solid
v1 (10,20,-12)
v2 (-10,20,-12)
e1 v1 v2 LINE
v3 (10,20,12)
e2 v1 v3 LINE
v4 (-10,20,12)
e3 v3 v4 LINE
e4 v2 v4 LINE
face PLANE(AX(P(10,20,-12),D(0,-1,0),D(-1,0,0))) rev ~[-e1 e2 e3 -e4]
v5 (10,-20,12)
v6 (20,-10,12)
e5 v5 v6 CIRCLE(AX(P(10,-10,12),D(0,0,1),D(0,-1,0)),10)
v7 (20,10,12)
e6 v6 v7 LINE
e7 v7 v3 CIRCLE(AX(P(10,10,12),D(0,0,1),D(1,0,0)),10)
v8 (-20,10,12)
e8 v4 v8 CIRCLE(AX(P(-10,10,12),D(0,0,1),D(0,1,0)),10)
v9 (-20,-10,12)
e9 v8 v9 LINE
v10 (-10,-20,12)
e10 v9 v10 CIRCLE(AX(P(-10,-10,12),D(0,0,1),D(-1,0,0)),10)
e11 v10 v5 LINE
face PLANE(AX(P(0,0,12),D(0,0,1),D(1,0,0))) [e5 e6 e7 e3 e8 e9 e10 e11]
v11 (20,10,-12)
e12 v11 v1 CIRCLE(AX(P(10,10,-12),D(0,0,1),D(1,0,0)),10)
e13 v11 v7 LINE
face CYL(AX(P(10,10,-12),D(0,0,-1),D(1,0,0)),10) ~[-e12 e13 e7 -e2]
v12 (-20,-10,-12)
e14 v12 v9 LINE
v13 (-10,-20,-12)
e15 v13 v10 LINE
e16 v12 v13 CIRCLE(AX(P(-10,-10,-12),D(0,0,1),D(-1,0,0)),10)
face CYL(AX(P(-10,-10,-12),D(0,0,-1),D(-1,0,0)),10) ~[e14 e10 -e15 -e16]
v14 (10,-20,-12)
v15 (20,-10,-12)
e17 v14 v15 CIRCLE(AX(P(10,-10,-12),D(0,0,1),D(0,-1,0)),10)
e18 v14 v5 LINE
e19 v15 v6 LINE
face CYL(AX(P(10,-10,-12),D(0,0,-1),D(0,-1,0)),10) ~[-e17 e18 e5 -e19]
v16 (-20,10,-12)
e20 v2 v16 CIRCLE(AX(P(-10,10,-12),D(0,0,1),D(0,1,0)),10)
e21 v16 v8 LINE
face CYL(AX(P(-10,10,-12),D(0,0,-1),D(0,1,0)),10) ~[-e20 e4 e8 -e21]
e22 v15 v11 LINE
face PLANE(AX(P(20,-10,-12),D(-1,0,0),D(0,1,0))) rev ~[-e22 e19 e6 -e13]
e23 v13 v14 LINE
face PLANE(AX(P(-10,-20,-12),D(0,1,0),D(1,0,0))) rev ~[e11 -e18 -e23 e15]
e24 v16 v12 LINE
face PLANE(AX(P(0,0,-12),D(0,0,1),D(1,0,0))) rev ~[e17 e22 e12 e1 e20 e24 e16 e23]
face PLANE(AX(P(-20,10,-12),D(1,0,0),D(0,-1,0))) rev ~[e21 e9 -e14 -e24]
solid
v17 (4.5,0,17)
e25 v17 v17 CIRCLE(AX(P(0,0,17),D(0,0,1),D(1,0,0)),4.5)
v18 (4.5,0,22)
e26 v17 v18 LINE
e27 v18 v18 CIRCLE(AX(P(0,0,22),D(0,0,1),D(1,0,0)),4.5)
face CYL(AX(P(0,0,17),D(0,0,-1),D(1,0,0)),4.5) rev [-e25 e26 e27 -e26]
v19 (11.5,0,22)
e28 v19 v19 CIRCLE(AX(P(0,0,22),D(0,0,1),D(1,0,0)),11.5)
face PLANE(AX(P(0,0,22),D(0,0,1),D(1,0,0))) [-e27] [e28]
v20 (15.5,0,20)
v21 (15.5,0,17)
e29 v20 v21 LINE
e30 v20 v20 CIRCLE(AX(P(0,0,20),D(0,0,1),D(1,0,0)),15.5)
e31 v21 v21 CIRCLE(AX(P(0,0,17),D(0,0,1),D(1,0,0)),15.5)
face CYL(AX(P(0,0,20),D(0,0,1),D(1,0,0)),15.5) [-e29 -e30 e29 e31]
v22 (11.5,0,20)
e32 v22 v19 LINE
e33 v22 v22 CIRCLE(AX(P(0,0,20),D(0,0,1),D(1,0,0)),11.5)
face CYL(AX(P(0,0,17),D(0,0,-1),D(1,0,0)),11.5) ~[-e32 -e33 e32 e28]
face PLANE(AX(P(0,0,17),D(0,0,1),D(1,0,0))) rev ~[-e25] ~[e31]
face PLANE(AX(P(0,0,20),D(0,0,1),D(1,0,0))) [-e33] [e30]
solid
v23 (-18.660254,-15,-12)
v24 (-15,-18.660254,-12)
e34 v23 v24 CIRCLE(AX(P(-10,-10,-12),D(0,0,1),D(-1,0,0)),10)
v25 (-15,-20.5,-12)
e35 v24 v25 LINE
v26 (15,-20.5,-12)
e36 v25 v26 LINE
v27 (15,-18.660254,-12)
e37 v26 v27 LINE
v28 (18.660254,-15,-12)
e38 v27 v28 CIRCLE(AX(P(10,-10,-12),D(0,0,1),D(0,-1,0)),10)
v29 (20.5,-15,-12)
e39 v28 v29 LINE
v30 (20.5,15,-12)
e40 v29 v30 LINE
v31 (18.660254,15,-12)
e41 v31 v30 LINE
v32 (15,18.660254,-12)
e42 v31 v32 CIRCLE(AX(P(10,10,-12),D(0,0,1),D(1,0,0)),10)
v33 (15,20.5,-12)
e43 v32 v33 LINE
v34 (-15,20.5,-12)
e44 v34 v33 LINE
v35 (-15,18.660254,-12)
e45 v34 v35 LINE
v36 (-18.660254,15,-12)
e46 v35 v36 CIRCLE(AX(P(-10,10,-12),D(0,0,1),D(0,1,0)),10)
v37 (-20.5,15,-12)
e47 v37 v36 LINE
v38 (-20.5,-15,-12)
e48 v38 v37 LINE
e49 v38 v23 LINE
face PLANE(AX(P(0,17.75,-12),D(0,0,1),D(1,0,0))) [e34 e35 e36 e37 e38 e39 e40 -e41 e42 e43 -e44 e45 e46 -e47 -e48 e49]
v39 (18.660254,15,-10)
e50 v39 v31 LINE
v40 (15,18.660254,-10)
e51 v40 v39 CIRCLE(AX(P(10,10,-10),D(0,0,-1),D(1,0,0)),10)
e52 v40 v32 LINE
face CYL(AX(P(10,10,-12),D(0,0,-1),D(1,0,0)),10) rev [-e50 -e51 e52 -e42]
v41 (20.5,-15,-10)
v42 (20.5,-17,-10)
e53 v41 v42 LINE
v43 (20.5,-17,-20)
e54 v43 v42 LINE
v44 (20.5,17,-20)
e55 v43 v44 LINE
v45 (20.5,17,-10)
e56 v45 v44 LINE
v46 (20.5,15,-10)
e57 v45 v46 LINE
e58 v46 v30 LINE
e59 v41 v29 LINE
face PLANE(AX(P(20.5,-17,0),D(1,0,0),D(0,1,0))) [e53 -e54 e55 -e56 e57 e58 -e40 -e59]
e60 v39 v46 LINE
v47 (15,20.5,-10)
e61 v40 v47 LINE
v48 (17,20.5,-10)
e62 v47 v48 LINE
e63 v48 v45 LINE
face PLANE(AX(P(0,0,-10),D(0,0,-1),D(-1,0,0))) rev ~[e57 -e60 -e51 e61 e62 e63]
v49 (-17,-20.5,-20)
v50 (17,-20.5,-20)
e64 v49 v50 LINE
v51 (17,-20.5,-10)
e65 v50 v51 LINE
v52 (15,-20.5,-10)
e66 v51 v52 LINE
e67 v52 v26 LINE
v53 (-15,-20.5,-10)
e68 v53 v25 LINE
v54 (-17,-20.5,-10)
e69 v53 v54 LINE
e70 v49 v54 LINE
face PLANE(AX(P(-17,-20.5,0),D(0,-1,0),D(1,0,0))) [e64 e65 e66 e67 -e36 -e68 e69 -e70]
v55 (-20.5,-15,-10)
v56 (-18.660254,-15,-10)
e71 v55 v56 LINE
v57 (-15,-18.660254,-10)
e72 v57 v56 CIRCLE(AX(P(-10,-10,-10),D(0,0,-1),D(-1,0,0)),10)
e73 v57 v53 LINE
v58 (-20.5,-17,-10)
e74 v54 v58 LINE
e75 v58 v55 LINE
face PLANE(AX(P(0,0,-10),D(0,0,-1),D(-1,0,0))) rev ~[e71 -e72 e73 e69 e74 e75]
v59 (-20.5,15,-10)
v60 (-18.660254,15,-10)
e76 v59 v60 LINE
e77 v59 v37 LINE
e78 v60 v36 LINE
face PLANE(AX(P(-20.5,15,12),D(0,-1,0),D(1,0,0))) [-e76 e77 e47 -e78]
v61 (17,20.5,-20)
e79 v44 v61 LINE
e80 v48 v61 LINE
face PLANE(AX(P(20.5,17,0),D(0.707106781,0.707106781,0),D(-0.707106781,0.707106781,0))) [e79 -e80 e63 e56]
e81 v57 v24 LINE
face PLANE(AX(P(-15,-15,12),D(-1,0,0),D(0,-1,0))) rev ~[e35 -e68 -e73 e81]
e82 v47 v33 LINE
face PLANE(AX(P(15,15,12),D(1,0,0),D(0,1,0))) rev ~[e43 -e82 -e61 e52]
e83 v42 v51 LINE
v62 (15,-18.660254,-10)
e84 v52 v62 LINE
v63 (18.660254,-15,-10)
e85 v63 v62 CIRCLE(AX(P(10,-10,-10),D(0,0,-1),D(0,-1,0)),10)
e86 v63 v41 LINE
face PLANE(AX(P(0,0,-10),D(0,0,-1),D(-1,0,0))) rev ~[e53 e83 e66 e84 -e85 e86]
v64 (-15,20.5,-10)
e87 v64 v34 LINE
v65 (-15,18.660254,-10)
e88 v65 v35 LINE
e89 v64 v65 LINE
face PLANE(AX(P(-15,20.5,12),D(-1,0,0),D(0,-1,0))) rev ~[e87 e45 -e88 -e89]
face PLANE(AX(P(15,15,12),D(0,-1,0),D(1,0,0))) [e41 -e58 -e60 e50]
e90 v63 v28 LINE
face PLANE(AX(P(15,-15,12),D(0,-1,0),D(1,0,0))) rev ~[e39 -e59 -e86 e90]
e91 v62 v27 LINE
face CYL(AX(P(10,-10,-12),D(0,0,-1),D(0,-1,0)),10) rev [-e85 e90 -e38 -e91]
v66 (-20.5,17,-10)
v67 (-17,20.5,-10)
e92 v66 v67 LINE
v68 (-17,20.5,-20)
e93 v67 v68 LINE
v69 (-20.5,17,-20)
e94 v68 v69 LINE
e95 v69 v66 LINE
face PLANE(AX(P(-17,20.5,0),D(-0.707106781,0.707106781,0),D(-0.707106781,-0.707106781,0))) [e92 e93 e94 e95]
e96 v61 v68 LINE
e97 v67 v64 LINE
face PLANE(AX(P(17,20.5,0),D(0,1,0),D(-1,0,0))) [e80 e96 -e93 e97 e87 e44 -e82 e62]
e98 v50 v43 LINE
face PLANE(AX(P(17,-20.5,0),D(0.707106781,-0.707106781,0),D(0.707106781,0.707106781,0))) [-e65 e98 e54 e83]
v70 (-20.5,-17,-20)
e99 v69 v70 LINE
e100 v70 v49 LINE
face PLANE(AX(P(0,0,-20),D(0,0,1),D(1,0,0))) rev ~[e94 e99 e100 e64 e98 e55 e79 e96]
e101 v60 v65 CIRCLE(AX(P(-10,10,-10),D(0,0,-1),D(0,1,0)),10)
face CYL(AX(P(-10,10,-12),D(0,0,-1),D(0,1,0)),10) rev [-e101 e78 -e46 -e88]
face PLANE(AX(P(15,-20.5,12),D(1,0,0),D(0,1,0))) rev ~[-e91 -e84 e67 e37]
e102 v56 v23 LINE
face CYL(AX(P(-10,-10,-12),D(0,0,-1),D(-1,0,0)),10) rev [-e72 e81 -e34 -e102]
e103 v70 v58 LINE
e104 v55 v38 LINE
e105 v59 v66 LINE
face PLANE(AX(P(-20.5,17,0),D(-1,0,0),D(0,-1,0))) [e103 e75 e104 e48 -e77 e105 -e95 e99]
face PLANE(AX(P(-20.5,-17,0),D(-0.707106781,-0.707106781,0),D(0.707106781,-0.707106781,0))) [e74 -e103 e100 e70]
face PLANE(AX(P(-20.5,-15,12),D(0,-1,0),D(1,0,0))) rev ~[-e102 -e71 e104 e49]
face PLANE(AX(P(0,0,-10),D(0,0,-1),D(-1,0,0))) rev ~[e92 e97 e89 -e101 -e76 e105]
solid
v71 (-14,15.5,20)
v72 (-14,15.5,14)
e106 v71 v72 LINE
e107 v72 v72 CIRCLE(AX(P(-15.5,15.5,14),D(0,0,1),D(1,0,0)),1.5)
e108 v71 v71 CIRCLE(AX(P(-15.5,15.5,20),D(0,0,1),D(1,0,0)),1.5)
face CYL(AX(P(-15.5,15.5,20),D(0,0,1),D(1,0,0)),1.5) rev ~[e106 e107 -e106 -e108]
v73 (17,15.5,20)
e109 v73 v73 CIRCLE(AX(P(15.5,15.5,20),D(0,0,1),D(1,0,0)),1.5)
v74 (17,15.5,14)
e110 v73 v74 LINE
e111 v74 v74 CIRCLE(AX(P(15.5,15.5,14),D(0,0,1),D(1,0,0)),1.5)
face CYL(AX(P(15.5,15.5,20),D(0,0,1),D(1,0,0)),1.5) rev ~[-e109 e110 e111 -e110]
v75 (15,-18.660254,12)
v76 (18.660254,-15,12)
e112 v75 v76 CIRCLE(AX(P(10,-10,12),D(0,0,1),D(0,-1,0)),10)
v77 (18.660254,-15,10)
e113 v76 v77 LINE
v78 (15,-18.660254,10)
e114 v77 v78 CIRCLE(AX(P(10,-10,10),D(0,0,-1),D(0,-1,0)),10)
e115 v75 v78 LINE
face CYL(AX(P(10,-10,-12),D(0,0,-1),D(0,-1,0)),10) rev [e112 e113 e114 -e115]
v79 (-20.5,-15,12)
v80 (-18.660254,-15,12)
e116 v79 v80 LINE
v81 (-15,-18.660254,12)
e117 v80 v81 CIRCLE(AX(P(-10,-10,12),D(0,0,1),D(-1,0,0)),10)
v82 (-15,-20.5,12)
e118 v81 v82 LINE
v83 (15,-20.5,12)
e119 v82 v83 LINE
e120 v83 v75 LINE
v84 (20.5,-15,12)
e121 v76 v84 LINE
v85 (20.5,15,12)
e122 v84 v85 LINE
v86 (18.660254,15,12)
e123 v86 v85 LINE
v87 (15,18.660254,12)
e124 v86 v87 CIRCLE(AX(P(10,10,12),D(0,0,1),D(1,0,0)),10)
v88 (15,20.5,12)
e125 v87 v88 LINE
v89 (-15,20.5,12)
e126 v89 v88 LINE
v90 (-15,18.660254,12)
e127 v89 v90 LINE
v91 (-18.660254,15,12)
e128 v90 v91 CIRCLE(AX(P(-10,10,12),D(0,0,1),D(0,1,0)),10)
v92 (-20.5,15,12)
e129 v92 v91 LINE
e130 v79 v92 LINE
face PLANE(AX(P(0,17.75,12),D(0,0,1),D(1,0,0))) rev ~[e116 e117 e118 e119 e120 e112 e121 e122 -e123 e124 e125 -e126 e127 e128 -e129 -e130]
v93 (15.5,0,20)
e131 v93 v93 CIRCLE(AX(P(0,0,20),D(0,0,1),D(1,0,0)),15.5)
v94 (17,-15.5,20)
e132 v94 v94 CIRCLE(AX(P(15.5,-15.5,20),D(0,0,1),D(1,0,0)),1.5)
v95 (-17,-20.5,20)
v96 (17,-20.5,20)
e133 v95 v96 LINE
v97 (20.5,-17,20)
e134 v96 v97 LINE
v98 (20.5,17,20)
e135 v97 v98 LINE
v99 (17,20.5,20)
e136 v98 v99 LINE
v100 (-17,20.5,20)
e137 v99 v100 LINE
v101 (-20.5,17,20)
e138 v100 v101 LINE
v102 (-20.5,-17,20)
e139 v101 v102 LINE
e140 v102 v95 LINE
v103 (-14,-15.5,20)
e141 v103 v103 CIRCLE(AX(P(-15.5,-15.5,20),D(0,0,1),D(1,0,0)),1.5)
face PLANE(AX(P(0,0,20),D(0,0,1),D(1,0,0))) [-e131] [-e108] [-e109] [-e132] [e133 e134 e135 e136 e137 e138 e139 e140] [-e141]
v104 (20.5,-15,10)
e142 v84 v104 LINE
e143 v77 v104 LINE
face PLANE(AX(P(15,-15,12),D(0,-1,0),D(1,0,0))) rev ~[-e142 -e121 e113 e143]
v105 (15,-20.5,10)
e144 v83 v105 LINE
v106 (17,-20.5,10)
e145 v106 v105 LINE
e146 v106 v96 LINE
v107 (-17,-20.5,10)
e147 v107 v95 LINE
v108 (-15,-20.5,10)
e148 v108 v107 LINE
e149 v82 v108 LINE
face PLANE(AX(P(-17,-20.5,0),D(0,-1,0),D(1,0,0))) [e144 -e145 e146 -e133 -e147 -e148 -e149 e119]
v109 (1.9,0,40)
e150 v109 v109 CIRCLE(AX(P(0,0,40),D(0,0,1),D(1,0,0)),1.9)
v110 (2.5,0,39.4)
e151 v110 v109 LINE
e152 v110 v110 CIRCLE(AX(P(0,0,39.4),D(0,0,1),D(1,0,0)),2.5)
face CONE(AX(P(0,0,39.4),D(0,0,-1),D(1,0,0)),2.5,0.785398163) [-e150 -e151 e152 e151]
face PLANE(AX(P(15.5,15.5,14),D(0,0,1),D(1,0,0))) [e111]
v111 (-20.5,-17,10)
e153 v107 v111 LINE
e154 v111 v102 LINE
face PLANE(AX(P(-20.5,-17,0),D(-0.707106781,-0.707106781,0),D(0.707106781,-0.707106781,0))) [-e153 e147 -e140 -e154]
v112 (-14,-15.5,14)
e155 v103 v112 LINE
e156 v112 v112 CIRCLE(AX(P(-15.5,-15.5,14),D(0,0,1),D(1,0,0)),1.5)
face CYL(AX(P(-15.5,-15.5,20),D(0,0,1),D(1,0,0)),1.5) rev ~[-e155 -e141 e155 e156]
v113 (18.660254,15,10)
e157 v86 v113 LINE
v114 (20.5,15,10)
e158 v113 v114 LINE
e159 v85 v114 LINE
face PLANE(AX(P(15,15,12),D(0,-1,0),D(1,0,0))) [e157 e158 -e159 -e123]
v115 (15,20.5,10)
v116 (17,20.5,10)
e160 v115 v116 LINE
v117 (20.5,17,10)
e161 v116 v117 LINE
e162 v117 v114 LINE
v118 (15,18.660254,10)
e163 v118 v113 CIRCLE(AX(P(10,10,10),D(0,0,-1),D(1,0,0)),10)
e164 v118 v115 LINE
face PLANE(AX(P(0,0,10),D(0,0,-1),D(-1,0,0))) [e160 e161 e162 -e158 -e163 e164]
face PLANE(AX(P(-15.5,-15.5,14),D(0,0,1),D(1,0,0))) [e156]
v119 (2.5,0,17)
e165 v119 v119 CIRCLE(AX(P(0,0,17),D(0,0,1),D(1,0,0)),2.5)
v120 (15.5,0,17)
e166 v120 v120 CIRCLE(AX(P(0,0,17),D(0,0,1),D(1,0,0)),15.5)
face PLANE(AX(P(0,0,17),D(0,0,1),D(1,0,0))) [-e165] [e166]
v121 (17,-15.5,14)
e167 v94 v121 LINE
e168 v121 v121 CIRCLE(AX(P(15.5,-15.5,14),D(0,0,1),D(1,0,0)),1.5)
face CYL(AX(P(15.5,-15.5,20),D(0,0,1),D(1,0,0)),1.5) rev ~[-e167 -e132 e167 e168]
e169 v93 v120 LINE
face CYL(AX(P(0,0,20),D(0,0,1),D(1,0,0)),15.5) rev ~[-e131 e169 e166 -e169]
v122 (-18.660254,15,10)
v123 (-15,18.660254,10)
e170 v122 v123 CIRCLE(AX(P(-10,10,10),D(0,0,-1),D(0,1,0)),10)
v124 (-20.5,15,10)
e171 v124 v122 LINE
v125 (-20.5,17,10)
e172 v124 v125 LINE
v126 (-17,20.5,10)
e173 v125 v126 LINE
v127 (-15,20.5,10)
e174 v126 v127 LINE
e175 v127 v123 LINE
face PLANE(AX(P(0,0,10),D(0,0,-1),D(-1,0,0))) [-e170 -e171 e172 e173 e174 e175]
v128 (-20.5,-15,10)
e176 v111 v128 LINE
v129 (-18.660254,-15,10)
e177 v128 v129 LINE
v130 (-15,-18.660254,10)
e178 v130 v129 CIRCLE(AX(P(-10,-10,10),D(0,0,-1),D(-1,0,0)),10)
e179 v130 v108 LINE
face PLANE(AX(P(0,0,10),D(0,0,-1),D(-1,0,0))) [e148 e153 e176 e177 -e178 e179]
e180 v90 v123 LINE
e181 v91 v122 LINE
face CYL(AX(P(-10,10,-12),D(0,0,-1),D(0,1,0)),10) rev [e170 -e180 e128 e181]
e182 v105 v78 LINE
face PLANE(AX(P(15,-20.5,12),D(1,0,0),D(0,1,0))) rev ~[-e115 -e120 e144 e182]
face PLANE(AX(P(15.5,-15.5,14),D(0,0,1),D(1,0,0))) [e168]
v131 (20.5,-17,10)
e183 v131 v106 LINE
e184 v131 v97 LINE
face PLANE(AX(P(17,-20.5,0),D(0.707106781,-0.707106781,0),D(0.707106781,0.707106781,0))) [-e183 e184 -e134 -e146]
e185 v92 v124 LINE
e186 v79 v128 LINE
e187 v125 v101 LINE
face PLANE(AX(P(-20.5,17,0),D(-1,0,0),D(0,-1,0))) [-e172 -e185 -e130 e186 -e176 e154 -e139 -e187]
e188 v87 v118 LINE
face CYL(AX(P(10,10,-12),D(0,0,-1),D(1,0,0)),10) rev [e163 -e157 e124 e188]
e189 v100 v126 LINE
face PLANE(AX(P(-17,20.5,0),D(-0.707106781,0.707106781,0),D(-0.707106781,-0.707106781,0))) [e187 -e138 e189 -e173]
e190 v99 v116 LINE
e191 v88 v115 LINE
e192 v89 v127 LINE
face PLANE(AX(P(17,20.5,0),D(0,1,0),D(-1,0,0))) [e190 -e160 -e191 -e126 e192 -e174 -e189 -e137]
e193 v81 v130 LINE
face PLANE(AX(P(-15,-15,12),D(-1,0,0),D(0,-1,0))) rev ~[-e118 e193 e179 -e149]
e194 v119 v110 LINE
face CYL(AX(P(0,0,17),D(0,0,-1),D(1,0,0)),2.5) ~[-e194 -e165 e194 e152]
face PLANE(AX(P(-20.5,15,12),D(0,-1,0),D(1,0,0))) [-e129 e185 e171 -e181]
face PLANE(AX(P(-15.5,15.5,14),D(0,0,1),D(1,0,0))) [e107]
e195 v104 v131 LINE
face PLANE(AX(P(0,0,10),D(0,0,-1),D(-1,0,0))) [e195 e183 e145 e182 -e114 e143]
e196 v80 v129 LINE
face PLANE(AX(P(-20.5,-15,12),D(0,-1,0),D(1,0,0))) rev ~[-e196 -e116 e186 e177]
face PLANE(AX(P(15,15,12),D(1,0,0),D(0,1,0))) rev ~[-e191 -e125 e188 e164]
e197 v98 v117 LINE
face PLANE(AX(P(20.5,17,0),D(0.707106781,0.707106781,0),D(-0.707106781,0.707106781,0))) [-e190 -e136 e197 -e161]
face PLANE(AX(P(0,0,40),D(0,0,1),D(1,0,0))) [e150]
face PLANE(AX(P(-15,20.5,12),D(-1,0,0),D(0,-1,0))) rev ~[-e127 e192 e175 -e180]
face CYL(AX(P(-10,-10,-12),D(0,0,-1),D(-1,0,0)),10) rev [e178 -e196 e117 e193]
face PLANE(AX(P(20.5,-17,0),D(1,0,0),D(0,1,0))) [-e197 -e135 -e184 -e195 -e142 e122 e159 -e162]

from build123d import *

# Parameters (mm, degrees)
SALIENTE_EXTRUIR1_DEPTH = 20
CORTAR_EXTRUIR1_START   = -8
CROQUIS2_W              = 30
CROQUIS2_H              = 5.5
CROQUIS2_H_2            = 30
CROQUIS2_W_2            = 5.5
CORTAR_EXTRUIR1_DEPTH   = 24
CORTAR_EXTRUIR2_START   = -10
CORTAR_EXTRUIR2_DEPTH   = 20
CORTAR_EXTRUIR3_START   = -32
CORTAR_EXTRUIR3_DEPTH   = 24
SALIENTE_EXTRUIR2_START = -32
SALIENTE_EXTRUIR2_DEPTH = 24
CROQUIS5_R              = 15.5
CROQUIS5_R_2            = 11.5
CROQUIS5_R_3            = 4.5
CROQUIS5_R_4            = 2.5
CORTAR_EXTRUIR4_DEPTH   = 3
SALIENTE_EXTRUIR3_REACH = 51.401
CROQUIS5_3_R            = 15.5
CROQUIS5_3_R_2          = 11.5
SALIENTE_EXTRUIR4_START = -3
CROQUIS5_4_R            = 11.5
CROQUIS5_4_R_2          = 4.5
SALIENTE_EXTRUIR4_DEPTH = 5
SALIENTE_EXTRUIR5_START = -3
CROQUIS5_5_R            = 2.5
SALIENTE_EXTRUIR5_DEPTH = 23
CHAFL_N1_SIZE           = 0.6
CROQUIS6_R              = 1.5
CORTAR_EXTRUIR5_DEPTH   = 6


with BuildPart() as part:
    # Croquis1 → Saliente-Extruir1 (new, symmetric)
    with BuildSketch(Plane.XY):
        Polygon((-17, 20.5), (-20.5, 17), (-20.5, -17), (-17, -20.5), (17, -20.5), (20.5, -17), (20.5, 17), (17, 20.5), align=None)
    extrude(amount=SALIENTE_EXTRUIR1_DEPTH, both=True)

    # Croquis2 → Cortar-Extruir1 (cut)
    with BuildSketch(Plane.XY.offset(20).offset(CORTAR_EXTRUIR1_START)):
        with Locations((0, 17.75)):
            Rectangle(CROQUIS2_W, CROQUIS2_H)
        Rectangle(CROQUIS2_W, CROQUIS2_H_2)
        with Locations((17.75, 0)):
            Rectangle(CROQUIS2_W_2, CROQUIS2_H_2)
        with Locations((0, -17.75)):
            Rectangle(CROQUIS2_W, CROQUIS2_H)
        with Locations((-17.75, 0)):
            Rectangle(CROQUIS2_W_2, CROQUIS2_H_2)
    extrude(amount=-CORTAR_EXTRUIR1_DEPTH, mode=Mode.SUBTRACT)

    # Croquis3 → Cortar-Extruir2 (cut)
    with BuildSketch(Plane(origin=(0, 0, -20), x_dir=(-1, 0, 0), z_dir=(0, 0, -1)).offset(CORTAR_EXTRUIR2_START)):
        Polygon((-17, 20.5), (-20.5, 17), (-20.5, -17), (-17, -20.5), (17, -20.5), (20.5, -17), (20.5, 17), (17, 20.5), align=None)
    extrude(amount=-CORTAR_EXTRUIR2_DEPTH, mode=Mode.SUBTRACT)


with BuildPart() as cortar_extruir2_piece_1:
    # of the separate pieces the step leaves, piece 1, a body of its own (cortar_extruir2_pieces)
    add(part.part.solids().sort_by_distance((-17, 20.5, -10))[0])


with BuildPart() as cortar_extruir2_piece_2:
    # of the separate pieces the step leaves, piece 2, a body of its own (cortar_extruir2_pieces)
    add(part.part.solids().sort_by_distance((-17, 20.5, 20))[0])


with BuildPart() as cortar_extruir3_tool:
    # Croquis4<4> → Cortar-Extruir3 (new body)
    with BuildSketch(Plane.XY.offset(20).offset(CORTAR_EXTRUIR3_START)):
        with BuildLine():
            Line((-20, 10), (-20, -10))
            ThreePointArc((-20, -10), (-17.071067812, -17.071067812), (-10, -20))
            Line((-10, -20), (10, -20))
            ThreePointArc((10, -20), (17.071067812, -17.071067812), (20, -10))
            Line((20, -10), (20, 10))
            ThreePointArc((20, 10), (17.071067812, 17.071067812), (10, 20))
            Line((10, 20), (-10, 20))
            ThreePointArc((-10, 20), (-17.071067812, 17.071067812), (-20, 10))
        make_face()
    extrude(amount=CORTAR_EXTRUIR3_DEPTH)


with BuildPart() as cortar_extruir2_piece_1_1:
    add(cortar_extruir2_piece_1.part)

    # Cortar-Extruir3: cut by cortar_extruir3_tool
    add(cortar_extruir3_tool.part, mode=Mode.SUBTRACT)


with BuildPart() as cortar_extruir2_piece_2_1:
    add(cortar_extruir2_piece_2.part)

    # Cortar-Extruir3: cut by cortar_extruir3_tool
    add(cortar_extruir3_tool.part, mode=Mode.SUBTRACT)

    # Croquis5 → Cortar-Extruir4 (cut)
    # profile 1 of 4: a face of its own
    with BuildSketch(Plane.XY.offset(20)):
        Circle(CROQUIS5_R)
        Circle(CROQUIS5_R_2, mode=Mode.SUBTRACT)
    # profile 2 of 4: a face of its own
    with BuildSketch(Plane.XY.offset(20)):
        Circle(CROQUIS5_R_2)
        Circle(CROQUIS5_R_3, mode=Mode.SUBTRACT)
    # profile 3 of 4: a face of its own
    with BuildSketch(Plane.XY.offset(20)):
        Circle(CROQUIS5_R_3)
        Circle(CROQUIS5_R_4, mode=Mode.SUBTRACT)
    # profile 4 of 4: a face of its own
    with BuildSketch(Plane.XY.offset(20)):
        Circle(CROQUIS5_R_4)
    extrude(amount=-CORTAR_EXTRUIR4_DEPTH, mode=Mode.SUBTRACT)


with BuildPart() as body_3:
    # Croquis4 → Saliente-Extruir2 (new body)
    with BuildSketch(Plane.XY.offset(20).offset(SALIENTE_EXTRUIR2_START)):
        with BuildLine():
            Line((-20, 10), (-20, -10))
            ThreePointArc((-20, -10), (-17.071067812, -17.071067812), (-10, -20))
            Line((-10, -20), (10, -20))
            ThreePointArc((10, -20), (17.071067812, -17.071067812), (20, -10))
            Line((20, -10), (20, 10))
            ThreePointArc((20, 10), (17.071067812, 17.071067812), (10, 20))
            Line((10, 20), (-10, 20))
            ThreePointArc((-10, 20), (-17.071067812, 17.071067812), (-20, 10))
        make_face()
    extrude(amount=SALIENTE_EXTRUIR2_DEPTH)


with BuildPart() as body_4:

    # Croquis5<3> → Saliente-Extruir3 (new, up to next)
    with BuildSketch(Plane.XY.offset(20), mode=Mode.PRIVATE) as saliente_extruir3_sk1:
        Circle(CROQUIS5_3_R)
        Circle(CROQUIS5_3_R_2, mode=Mode.SUBTRACT)
    saliente_extruir3_tool1 = extrude(saliente_extruir3_sk1.sketch, amount=-SALIENTE_EXTRUIR3_REACH, mode=Mode.PRIVATE) - cortar_extruir2_piece_2_1.part
    add(saliente_extruir3_tool1.solids().sort_by_distance((-15.061594, 0, 20))[0])

    # Croquis5<4> → Saliente-Extruir4 (add)
    with BuildSketch(Plane.XY.offset(20).offset(SALIENTE_EXTRUIR4_START)):
        Circle(CROQUIS5_4_R)
        Circle(CROQUIS5_4_R_2, mode=Mode.SUBTRACT)
    extrude(amount=SALIENTE_EXTRUIR4_DEPTH)


with BuildPart() as cortar_extruir2_piece_2_2:
    add(cortar_extruir2_piece_2_1.part)

    # Croquis5<5> → Saliente-Extruir5 (add)
    with BuildSketch(Plane.XY.offset(20).offset(SALIENTE_EXTRUIR5_START)):
        Circle(CROQUIS5_5_R)
    extrude(amount=SALIENTE_EXTRUIR5_DEPTH)

    # Chaflán1
    chafl_n1_edges = [cortar_extruir2_piece_2_2.edges().sort_by_distance(p)[0] for p in [
        (-2.5, 0, 40),
    ]]
    chamfer(chafl_n1_edges, length=CHAFL_N1_SIZE)

    # Croquis6 → Cortar-Extruir5 (cut)
    with BuildSketch(Plane.XY.offset(20)):
        with Locations((-15.5, -15.5)):
            Circle(CROQUIS6_R)
        with Locations((15.5, -15.5)):
            Circle(CROQUIS6_R)
        with Locations((15.5, 15.5)):
            Circle(CROQUIS6_R)
        with Locations((-15.5, 15.5)):
            Circle(CROQUIS6_R)
    extrude(amount=-CORTAR_EXTRUIR5_DEPTH, mode=Mode.SUBTRACT)


solid = Compound([cortar_extruir2_piece_1_1.part, body_3.part, body_4.part, cortar_extruir2_piece_2_2.part])
